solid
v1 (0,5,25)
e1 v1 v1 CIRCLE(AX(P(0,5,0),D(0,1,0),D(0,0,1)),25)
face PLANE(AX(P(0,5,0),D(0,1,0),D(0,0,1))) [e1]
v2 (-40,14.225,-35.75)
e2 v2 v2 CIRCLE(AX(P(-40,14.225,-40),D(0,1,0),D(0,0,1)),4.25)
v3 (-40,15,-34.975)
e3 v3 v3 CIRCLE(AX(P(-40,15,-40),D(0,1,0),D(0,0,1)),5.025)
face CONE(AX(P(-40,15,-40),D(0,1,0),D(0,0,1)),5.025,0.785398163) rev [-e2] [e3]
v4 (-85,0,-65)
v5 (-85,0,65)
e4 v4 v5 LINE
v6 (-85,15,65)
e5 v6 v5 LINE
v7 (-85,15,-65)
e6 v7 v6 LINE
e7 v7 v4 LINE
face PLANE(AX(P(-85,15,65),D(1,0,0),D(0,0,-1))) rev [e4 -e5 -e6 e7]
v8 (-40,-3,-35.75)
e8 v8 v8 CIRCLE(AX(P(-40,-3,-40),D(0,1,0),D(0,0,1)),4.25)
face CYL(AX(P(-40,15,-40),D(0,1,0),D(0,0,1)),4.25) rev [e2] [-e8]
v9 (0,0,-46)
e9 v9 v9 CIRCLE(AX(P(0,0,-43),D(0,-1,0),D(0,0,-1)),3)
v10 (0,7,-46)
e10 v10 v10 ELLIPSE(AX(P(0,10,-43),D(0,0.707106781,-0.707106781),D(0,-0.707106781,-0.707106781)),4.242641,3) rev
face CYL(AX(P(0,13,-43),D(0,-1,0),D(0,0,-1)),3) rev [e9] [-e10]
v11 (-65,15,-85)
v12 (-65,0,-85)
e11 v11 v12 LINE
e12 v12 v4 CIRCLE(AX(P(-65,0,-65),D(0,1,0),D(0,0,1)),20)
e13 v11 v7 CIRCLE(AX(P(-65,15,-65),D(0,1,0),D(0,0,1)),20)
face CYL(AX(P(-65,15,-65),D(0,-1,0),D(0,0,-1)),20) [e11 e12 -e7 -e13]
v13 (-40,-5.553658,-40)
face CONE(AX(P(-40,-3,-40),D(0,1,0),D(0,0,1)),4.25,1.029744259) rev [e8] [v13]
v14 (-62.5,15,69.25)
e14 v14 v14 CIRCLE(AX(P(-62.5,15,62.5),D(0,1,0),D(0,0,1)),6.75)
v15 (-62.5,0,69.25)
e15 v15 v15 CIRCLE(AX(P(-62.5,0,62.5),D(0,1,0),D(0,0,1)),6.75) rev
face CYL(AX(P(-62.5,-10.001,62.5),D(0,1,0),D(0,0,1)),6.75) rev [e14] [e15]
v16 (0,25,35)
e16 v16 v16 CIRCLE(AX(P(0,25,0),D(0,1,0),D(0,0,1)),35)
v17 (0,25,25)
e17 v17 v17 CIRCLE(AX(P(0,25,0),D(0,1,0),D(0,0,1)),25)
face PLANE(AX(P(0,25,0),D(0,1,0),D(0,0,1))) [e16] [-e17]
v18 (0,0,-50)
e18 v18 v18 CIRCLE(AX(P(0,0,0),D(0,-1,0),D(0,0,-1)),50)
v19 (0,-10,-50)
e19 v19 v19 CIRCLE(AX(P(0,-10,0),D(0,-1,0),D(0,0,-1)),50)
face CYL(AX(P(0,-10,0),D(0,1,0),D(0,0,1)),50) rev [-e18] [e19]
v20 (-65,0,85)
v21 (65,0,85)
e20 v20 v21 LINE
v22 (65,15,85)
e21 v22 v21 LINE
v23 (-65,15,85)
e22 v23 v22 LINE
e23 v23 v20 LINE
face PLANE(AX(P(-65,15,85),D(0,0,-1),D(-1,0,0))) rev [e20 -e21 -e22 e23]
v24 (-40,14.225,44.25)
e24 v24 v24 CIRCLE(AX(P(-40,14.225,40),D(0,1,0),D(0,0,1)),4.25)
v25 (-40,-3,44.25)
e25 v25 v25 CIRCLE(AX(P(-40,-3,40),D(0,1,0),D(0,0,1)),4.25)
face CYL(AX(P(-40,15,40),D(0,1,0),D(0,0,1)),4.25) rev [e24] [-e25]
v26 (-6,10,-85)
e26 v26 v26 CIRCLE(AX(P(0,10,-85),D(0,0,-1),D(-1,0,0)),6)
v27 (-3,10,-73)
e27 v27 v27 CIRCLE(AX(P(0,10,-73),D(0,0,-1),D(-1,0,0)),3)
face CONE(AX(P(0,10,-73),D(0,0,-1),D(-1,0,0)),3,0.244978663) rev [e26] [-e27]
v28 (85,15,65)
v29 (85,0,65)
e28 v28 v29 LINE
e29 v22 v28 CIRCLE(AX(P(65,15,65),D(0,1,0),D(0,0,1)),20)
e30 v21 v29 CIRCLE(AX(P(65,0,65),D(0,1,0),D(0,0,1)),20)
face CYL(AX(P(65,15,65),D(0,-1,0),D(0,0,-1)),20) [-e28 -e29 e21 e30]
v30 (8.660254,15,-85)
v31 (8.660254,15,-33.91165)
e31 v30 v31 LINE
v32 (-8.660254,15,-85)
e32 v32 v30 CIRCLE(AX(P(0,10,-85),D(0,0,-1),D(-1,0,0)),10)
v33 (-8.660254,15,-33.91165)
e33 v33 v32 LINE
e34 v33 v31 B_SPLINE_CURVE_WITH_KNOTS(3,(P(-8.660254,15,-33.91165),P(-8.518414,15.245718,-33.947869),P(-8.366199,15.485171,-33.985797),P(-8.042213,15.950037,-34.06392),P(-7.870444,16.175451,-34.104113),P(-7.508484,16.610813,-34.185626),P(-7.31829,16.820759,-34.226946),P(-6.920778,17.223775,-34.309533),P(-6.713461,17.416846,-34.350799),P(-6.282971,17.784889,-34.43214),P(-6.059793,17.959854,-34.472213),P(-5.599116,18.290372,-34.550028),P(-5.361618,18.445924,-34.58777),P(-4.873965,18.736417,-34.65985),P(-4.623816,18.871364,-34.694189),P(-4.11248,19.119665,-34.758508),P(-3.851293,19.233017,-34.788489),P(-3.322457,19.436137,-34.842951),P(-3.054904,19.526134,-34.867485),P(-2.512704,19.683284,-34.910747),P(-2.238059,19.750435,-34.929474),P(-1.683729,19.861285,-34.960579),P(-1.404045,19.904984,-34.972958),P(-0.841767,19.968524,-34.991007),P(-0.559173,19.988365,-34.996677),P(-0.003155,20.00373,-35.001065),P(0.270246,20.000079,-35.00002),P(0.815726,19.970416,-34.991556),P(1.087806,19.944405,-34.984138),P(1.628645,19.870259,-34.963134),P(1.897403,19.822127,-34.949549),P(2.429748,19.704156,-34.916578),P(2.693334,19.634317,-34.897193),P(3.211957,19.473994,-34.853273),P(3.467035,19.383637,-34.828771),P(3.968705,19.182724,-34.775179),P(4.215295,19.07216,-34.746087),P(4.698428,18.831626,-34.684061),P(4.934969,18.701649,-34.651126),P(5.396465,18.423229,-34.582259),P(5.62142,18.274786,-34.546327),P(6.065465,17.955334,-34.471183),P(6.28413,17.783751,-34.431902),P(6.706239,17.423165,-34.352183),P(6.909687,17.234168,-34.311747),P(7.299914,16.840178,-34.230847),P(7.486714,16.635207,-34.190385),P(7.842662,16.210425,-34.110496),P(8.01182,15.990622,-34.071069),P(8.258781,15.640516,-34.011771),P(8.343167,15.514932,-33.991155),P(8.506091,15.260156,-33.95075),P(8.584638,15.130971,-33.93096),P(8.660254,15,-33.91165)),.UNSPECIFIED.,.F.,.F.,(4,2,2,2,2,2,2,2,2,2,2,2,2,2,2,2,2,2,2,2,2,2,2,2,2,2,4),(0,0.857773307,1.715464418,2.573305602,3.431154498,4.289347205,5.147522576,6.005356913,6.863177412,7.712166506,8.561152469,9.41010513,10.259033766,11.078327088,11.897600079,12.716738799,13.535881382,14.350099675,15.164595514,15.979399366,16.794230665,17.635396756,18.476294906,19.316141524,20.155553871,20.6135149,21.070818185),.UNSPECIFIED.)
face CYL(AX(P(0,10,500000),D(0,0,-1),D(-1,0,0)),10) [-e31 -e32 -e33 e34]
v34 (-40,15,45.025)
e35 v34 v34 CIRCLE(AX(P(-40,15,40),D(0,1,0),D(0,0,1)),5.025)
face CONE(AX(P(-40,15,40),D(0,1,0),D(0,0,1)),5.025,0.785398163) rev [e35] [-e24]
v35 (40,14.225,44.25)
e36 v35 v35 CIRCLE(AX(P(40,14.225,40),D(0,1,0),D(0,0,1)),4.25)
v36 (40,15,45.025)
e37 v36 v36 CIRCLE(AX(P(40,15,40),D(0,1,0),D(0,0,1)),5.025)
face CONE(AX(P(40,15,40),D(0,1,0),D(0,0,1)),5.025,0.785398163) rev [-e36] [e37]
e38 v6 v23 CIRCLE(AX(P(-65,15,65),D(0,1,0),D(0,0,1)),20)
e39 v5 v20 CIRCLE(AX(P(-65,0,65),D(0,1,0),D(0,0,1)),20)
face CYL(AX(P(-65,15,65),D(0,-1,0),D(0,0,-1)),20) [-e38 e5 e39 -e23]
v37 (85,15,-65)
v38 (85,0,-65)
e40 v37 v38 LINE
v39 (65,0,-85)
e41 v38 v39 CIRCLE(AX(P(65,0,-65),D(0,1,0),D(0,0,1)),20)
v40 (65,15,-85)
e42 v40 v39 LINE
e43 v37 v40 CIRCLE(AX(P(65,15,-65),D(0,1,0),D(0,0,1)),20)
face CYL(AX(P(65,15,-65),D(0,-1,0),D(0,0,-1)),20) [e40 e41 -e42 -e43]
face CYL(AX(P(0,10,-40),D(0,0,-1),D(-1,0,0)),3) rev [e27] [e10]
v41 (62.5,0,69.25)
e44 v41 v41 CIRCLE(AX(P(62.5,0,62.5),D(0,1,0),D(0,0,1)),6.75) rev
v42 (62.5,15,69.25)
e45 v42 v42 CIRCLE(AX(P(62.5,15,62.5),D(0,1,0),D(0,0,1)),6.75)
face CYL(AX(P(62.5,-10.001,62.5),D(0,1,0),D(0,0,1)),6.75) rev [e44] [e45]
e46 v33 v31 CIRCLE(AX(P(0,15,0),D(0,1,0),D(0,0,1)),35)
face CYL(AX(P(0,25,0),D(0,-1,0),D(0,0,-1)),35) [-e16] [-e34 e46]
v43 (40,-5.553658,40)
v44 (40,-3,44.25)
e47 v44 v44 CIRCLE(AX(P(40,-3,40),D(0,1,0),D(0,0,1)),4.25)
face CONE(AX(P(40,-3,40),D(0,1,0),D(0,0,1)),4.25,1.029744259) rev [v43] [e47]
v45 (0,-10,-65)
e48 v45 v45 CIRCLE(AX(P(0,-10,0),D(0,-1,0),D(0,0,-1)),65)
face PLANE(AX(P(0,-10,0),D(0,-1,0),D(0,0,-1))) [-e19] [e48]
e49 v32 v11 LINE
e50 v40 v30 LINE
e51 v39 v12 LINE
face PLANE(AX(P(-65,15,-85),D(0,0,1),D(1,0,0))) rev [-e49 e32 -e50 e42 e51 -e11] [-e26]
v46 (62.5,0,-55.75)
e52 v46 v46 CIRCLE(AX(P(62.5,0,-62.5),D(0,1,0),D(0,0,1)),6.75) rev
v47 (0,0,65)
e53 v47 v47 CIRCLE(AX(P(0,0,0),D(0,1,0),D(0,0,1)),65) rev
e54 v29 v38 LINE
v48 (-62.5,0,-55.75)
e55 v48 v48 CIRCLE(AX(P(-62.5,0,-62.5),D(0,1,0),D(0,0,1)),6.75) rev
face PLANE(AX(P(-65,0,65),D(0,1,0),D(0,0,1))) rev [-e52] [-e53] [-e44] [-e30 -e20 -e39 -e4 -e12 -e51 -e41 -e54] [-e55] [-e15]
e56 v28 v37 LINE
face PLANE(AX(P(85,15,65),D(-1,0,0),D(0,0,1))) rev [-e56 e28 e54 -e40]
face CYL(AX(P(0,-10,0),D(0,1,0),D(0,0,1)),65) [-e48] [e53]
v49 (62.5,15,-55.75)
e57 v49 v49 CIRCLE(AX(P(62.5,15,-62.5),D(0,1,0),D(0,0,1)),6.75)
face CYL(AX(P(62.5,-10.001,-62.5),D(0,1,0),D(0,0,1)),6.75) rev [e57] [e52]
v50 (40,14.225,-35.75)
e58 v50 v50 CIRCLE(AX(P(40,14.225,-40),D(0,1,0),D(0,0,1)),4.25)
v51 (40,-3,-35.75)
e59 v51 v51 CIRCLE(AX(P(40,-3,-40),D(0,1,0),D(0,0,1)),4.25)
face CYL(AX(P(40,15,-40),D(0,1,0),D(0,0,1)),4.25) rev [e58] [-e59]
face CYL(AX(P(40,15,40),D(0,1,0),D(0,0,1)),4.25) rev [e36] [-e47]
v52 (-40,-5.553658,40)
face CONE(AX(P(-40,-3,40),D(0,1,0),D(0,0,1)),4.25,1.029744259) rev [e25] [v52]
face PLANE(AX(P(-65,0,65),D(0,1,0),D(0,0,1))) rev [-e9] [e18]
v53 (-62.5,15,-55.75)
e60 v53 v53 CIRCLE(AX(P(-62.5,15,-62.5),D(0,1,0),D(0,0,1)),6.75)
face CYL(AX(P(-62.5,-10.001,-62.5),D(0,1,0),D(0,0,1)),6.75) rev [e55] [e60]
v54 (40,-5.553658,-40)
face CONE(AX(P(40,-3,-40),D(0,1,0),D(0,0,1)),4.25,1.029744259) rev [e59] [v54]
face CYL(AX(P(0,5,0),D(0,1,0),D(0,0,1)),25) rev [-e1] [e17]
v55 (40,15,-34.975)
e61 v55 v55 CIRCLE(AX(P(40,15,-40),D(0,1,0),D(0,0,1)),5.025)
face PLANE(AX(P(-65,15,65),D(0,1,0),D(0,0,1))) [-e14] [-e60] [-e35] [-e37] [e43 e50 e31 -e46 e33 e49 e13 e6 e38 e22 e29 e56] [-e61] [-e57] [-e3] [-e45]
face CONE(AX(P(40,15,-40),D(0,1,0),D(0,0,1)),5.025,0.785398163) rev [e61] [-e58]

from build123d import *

# Parameters (mm, degrees)
EXTRUDE_1_DEPTH      = 15
SKETCH_2_R           = 35
EXTRUDE_2_DEPTH      = 10
SKETCH_3_R           = 65
SKETCH_3_R_2         = 50
EXTRUDE_3_DEPTH      = 10
SKETCH_4_R           = 25
CUT_EXTRUDE_1_DEPTH  = 20
CUT_EXTRUDE_2_REACH  = 124.78
SKETCH_5_R           = 6.75
EXTRUDE_4_REACH      = 193.703
EXTRUDE_4_END_RADIUS = 35
SKETCH_9_R           = 10
SKETCH_11_R          = 3
SKETCH_10_R          = 6
SKETCH_12_R          = 3
CUT_EXTRUDE_4_DEPTH  = 33
SKETCH_13_R          = 3
CUT_EXTRUDE_5_DEPTH  = 13
EXTRUDE_START        = 6
EXTRUDE_5_DEPTH      = 6
EXTRUDE_6_DEPTH      = 13
M10X1_52_D           = 8.5
M10X1_52_DEPTH       = 18
M10X1_52_CSINK_D     = 10.05
M10X1_52_CSINK_ANGLE = 90
M10X1_52_TIP         = 2.553657631


with BuildPart() as part:
    # Эскиз1 → Бобышка-Вытянуть1 (new body)
    with BuildSketch(Plane(origin=(0, 0, 0), x_dir=(1, 0, 0), z_dir=(0, 1, 0))):
        with BuildLine():
            Line((-65, -85), (65, -85))
            ThreePointArc((65, -85), (79.142135624, -79.142135624), (85, -65))
            Line((85, -65), (85, 65))
            ThreePointArc((85, 65), (79.142135624, 79.142135624), (65, 85))
            Line((65, 85), (-65, 85))
            ThreePointArc((-65, 85), (-79.142135624, 79.142135624), (-85, 65))
            Line((-85, 65), (-85, -65))
            ThreePointArc((-85, -65), (-79.142135624, -79.142135624), (-65, -85))
        make_face()
    extrude(amount=EXTRUDE_1_DEPTH)

    # Эскиз2 → Бобышка-Вытянуть2 (add)
    with BuildSketch(Plane(origin=(0, 15, 0), x_dir=(1, 0, 0), z_dir=(0, 1, 0))):
        with Locations(Location((0, 0, 0), (0, 0, 270))):
            Circle(SKETCH_2_R)
    extrude(amount=EXTRUDE_2_DEPTH)

    # Эскиз3 → Бобышка-Вытянуть3 (add)
    with BuildSketch(Plane.XZ):
        with Locations(Location((0, 0, 0), (0, 0, 90))):
            Circle(SKETCH_3_R)
        with Locations(Location((0, 0, 0), (0, 0, 270))):
            Circle(SKETCH_3_R_2, mode=Mode.SUBTRACT)
    extrude(amount=EXTRUDE_3_DEPTH)

    # Эскиз4 → Вырез-Вытянуть1 (cut)
    with BuildSketch(Plane(origin=(0, 25, 0), x_dir=(1, 0, 0), z_dir=(0, 1, 0))):
        with Locations(Location((0, 0, 0), (0, 0, 270))):
            Circle(SKETCH_4_R)
    extrude(amount=-CUT_EXTRUDE_1_DEPTH, mode=Mode.SUBTRACT)

    # Эскиз5 → Вырез-Вытянуть2 (cut, up to next)
    with BuildSketch(Plane(origin=(0, 15, 0), x_dir=(1, 0, 0), z_dir=(0, 1, 0)), mode=Mode.PRIVATE) as cut_extrude_2_sk1:
        with Locations(Location((-62.5, 62.5, 0), (0, 0, 270))):
            Circle(SKETCH_5_R)
    cut_extrude_2_tool1 = extrude(cut_extrude_2_sk1.sketch, amount=-CUT_EXTRUDE_2_REACH, mode=Mode.PRIVATE) & part.part
    # Эскиз5 → Вырез-Вытянуть2 (cut, up to next)
    with BuildSketch(Plane(origin=(0, 15, 0), x_dir=(1, 0, 0), z_dir=(0, 1, 0)), mode=Mode.PRIVATE) as cut_extrude_2_sk2:
        with Locations(Location((62.5, 62.5, 0), (0, 0, 270))):
            Circle(SKETCH_5_R)
    cut_extrude_2_tool2 = extrude(cut_extrude_2_sk2.sketch, amount=-CUT_EXTRUDE_2_REACH, mode=Mode.PRIVATE) & part.part
    # Эскиз5 → Вырез-Вытянуть2 (cut, up to next)
    with BuildSketch(Plane(origin=(0, 15, 0), x_dir=(1, 0, 0), z_dir=(0, 1, 0)), mode=Mode.PRIVATE) as cut_extrude_2_sk3:
        with Locations(Location((62.5, -62.5, 0), (0, 0, 270))):
            Circle(SKETCH_5_R)
    cut_extrude_2_tool3 = extrude(cut_extrude_2_sk3.sketch, amount=-CUT_EXTRUDE_2_REACH, mode=Mode.PRIVATE) & part.part
    # Эскиз5 → Вырез-Вытянуть2 (cut, up to next)
    with BuildSketch(Plane(origin=(0, 15, 0), x_dir=(1, 0, 0), z_dir=(0, 1, 0)), mode=Mode.PRIVATE) as cut_extrude_2_sk4:
        with Locations(Location((-62.5, -62.5, 0), (0, 0, 270))):
            Circle(SKETCH_5_R)
    cut_extrude_2_tool4 = extrude(cut_extrude_2_sk4.sketch, amount=-CUT_EXTRUDE_2_REACH, mode=Mode.PRIVATE) & part.part
    add(cut_extrude_2_tool1.solids().sort_by_distance((-62.5, 15, -62.5))[0], mode=Mode.SUBTRACT)
    add(cut_extrude_2_tool2.solids().sort_by_distance((62.5, 15, -62.5))[0], mode=Mode.SUBTRACT)
    add(cut_extrude_2_tool3.solids().sort_by_distance((62.5, 15, 62.5))[0], mode=Mode.SUBTRACT)
    add(cut_extrude_2_tool4.solids().sort_by_distance((-62.5, 15, 62.5))[0], mode=Mode.SUBTRACT)

    # Бобышка-Вытянуть4: up to this cylinder (the profile starts outside it)
    extrude_4_end = Plane(origin=(0, 10, 0), z_dir=(0, -1, 0)) * Cylinder(EXTRUDE_4_END_RADIUS, 458.406, mode=Mode.PRIVATE)
    # Эскиз9 → Бобышка-Вытянуть4 (add, up to the surface)
    with BuildSketch(Plane(origin=(0, 0, -85), x_dir=(-1, 0, 0), z_dir=(0, 0, -1)), mode=Mode.PRIVATE) as extrude_4_sk1:
        with Locations((0, 10)):
            Circle(SKETCH_9_R)
    extrude_4_tool1 = extrude(extrude_4_sk1.sketch, amount=-EXTRUDE_4_REACH, mode=Mode.PRIVATE) - extrude_4_end
    add(extrude_4_tool1.solids().sort_by_distance((0, 10, -85))[0])

    # Эскиз11 → Вырез-По сечениям1 section 0
    with BuildSketch(Plane(origin=(0, 0, -73), x_dir=(-1, 0, 0), z_dir=(0, 0, -1))):
        with Locations((0, 10)):
            Circle(SKETCH_11_R)
    # Эскиз10 → Вырез-По сечениям1 section 1
    with BuildSketch(Plane(origin=(0, 0, -85), x_dir=(-1, 0, 0), z_dir=(0, 0, -1))):
        with Locations((0, 10)):
            Circle(SKETCH_10_R)
    loft(mode=Mode.SUBTRACT)

    # Эскиз12 → Вырез-Вытянуть4 (cut)
    with BuildSketch(Plane(origin=(0, 0, -73), x_dir=(-1, 0, 0), z_dir=(0, 0, -1))):
        with Locations((0, 10)):
            Circle(SKETCH_12_R)
    extrude(amount=-CUT_EXTRUDE_4_DEPTH, mode=Mode.SUBTRACT)

    # Эскиз13 → Вырез-Вытянуть5 (cut)
    with BuildSketch(Plane.XZ):
        with Locations(Location((0, -43, 0), (0, 0, 270))):
            Circle(SKETCH_13_R)
    extrude(amount=-CUT_EXTRUDE_5_DEPTH, mode=Mode.SUBTRACT)

    # Эскиз14 → Бобышка-Вытянуть5 (add)
    with BuildSketch(Plane(origin=(0, 0, -40), x_dir=(-1, 0, 0), z_dir=(0, 0, -1)).offset(EXTRUDE_START)):
        with BuildLine():
            Line((3, 10), (4.5, 10))
            ThreePointArc((4.5, 10), (0, 14.5), (-4.5, 10))
            Line((-4.5, 10), (-3, 10))
            ThreePointArc((-3, 10), (0, 13), (3, 10))
        make_face()
    extrude(amount=-EXTRUDE_5_DEPTH)

    # Эскиз15 → Бобышка-Вытянуть6 (add)
    with BuildSketch(Plane.XZ):
        with BuildLine():
            Line((-3, -43), (-4.5, -43))
            ThreePointArc((-4.5, -43), (0, -38.5), (4.5, -43))
            Line((4.5, -43), (3, -43))
            ThreePointArc((3, -43), (0, -40), (-3, -43))
        make_face()
    extrude(amount=-EXTRUDE_6_DEPTH)

    # Отверстие обработанное метчиком M10x1.52
    with Locations(Plane(origin=(-40, 15, -40), x_dir=(0, 0, 1), z_dir=(0, 1, 0))):
        with Locations((0, 0), (0, 80), (80, 80), (80, 0)):
            CounterSinkHole(M10X1_52_D / 2, M10X1_52_CSINK_D / 2, depth=M10X1_52_DEPTH, counter_sink_angle=M10X1_52_CSINK_ANGLE)
            with Locations((0, 0, -(M10X1_52_DEPTH + M10X1_52_TIP / 2))):  # 118° drill point
                Cone(0, M10X1_52_D / 2, M10X1_52_TIP, mode=Mode.SUBTRACT)


solid = part.part
